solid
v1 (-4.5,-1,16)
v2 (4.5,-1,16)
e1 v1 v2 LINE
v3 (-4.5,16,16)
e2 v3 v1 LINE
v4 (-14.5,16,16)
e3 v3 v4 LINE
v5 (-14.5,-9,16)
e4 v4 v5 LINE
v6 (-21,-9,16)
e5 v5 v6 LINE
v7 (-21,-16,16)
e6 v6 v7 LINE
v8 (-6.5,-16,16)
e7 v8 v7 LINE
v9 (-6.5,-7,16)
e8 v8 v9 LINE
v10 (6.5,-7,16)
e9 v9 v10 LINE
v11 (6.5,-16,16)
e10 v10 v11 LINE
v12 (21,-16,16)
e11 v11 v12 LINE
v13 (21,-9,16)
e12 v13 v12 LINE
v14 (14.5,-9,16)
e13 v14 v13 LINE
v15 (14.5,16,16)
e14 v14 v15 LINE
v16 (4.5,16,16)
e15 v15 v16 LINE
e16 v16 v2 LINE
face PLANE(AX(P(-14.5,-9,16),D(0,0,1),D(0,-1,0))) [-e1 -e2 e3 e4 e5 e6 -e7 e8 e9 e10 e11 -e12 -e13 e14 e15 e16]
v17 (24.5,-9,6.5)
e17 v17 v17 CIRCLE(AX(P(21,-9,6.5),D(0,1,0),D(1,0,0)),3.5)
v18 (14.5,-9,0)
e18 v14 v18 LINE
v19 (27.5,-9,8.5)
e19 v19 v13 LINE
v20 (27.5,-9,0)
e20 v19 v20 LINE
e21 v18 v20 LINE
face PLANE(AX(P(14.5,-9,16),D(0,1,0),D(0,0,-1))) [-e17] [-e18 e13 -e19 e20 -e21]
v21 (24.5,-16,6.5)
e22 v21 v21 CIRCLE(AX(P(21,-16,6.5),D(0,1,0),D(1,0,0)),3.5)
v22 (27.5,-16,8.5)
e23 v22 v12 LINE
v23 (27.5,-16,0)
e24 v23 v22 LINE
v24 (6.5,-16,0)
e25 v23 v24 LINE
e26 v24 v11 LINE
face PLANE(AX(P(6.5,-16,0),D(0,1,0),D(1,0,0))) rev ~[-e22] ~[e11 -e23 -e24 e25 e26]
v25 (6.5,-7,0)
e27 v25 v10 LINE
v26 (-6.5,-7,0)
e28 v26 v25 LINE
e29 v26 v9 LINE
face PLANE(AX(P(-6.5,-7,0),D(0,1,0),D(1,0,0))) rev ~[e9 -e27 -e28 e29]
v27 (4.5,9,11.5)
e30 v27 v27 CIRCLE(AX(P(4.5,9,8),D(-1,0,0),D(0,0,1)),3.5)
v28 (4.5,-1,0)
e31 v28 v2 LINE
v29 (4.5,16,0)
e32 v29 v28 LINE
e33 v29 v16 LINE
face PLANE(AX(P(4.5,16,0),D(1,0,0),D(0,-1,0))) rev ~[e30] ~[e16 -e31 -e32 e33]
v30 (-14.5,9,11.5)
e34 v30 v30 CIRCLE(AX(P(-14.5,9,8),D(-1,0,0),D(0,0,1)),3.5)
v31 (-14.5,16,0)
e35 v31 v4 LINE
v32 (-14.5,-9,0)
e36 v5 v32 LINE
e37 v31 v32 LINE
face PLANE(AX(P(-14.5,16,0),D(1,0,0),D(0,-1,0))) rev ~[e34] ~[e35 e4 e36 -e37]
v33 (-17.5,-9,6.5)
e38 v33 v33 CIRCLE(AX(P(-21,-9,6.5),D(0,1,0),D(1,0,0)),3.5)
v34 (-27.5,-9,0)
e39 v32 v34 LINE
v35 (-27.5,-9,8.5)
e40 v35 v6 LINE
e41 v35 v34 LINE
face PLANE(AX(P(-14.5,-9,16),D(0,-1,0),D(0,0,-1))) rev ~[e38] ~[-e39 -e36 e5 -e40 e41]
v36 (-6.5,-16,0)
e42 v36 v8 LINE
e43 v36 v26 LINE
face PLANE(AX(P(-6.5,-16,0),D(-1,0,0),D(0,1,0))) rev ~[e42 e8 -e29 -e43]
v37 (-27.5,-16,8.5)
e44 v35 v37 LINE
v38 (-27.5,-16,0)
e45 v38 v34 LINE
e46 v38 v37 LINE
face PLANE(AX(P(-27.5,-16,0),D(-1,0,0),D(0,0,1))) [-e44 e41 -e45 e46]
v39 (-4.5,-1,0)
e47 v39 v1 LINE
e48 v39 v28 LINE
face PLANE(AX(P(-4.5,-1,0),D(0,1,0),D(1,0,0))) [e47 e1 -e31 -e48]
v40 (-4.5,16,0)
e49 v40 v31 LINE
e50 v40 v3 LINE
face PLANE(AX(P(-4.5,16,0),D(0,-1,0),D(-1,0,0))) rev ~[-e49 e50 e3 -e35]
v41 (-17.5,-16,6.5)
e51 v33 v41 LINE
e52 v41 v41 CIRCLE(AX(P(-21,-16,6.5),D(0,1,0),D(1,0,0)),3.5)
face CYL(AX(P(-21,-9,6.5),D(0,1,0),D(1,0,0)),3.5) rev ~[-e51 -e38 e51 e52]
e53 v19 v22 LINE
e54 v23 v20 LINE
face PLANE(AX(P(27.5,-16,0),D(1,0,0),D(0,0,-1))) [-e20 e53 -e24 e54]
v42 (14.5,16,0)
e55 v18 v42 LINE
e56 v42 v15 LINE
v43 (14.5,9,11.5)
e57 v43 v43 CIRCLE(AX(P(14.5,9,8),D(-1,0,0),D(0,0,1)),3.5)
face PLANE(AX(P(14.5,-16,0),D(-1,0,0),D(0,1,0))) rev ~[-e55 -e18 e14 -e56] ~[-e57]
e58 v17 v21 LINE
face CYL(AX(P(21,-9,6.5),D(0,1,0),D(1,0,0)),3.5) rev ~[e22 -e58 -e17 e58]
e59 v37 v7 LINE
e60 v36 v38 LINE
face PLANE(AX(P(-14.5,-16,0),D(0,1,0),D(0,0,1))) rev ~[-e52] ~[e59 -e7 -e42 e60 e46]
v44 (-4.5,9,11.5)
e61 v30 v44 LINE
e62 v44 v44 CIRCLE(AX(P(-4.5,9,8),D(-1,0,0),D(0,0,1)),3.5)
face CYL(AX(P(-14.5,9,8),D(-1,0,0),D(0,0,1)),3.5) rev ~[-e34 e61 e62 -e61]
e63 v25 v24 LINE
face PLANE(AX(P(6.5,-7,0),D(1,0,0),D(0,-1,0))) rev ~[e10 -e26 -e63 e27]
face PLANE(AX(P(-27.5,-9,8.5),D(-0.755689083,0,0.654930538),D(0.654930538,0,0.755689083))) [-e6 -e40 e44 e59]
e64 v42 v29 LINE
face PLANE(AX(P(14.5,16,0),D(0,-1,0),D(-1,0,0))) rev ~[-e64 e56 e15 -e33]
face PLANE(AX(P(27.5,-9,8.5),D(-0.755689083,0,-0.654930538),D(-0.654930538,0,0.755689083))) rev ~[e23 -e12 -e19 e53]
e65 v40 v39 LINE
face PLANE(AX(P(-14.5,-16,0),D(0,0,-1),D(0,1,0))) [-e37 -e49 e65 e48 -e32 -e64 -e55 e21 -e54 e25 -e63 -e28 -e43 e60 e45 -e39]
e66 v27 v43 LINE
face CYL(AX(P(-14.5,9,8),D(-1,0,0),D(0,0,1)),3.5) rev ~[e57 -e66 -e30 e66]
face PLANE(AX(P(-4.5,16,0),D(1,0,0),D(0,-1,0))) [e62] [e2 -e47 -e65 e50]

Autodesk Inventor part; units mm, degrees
ref_plane "YZ Plane" through (0, 0, 0) normal (1, 0, 0) x (0, 1, 0)
ref_plane "XZ Plane" through (0, 0, 0) normal (0, 1, 0) x (-1, 0, 0)
ref_plane "XY Plane" through (0, 0, 0) normal (0, 0, 1) x (1, 0, 0)
sketch "Sketch1" plane through (0, 0, 0) normal (0, 0, 1) x (1, 0, 0)
  line L0 (-14.5, -16) -> (14.5, -16)
  line L1 (14.5, -16) -> (14.5, 16)
  line L2 (14.5, 16) -> (-14.5, 16)
  line L3 (-14.5, 16) -> (-14.5, -16)
  line L4 (-14.5, -16) -> (14.5, 16) construction
  line L5 (14.5, -16) -> (-14.5, 16) construction
  line L6 (-6.5, -16) -> (-6.5, -7)
  line L7 (6.5, -7) -> (6.5, -16)
  line L8 (-6.5, -7) -> (6.5, -7)
  line L9 (-4.5, -1) -> (4.5, -1)
  line L10 (-4.5, 16) -> (-4.5, -1)
  line L11 (4.5, 16) -> (4.5, -1)
  point P0 (0, 0)
  dimension "d0" = 29
  dimension "d1" = 32
  dimension "d8" = 9
  dimension "d9" = 8
  dimension "d10" = 8
  dimension "d11" = 9
  dimension "d12" = 17
extrude "Extrusion1" add sketch "Sketch1" along normal blind 16 contours L3 L2 L10 L9 L11 L1 L0 L7 L8 L6
sketch "Sketch2" plane through (14.5, -16, 0) normal (1, 0, 0) x (0, 0, -1)
  line L0 (-16, 32) -> (-16, 0) projected
  line L1 (-16, 7) -> (0, 7)
  line L2 (0, 0) -> (-16, 0) projected
  line L3 (-16, 9) -> (-16, 0) projected
  line L4 (-16, 7) -> (-16, 0)
  line L5 (0, 0) -> (-16, 0) projected
  line L6 (-16, 0) -> (0, 0)
  line L7 (0, 0) -> (0, 7)
  line L8 (0, 0) -> (0, 9) projected
  point P0 (0, 16)
  dimension "d15" = 7
extrude "Extrusion2" add sketch "Sketch2" along normal blind 13
sketch "Sketch3" plane through (-14.5, -16, 0) normal (-1, 0, 0) x (0, 0, 1)
  line L0 (0, 0) -> (16, 0) projected
  line L1 (0, 0) -> (0, 7) projected
  line L2 (0, 0) -> (0, 7)
  line L3 (16, 7) -> (0, 7) projected
  line L4 (0, 7) -> (16, 7)
  line L5 (16, 7) -> (16, 0)
  line L6 (16, 0) -> (0, 0)
  point P0 (0, 16)
  dimension "d18" = 7
extrude "Extrusion3" add sketch "Sketch3" along normal blind 13
sketch "Sketch4" plane through (-14.5, 16, 0) normal (-1, 0, 0) x (0, 0, 1)
  circle A0 centre (8, -7) radius 3.5
  line L0 (0, 0) -> (16, 0) projected
  line L1 (16, 0) -> (16, -25) projected
  line L2 (0, 0) -> (0, -25) projected
  point P0 (0, -16)
  dimension "d21" = 7
  dimension "d22" = 7
  dimension "d23" = 16
  dimension "d24" = 8
extrude "Extrusion4" cut sketch "Sketch4" against normal through all
sketch "Sketch5" plane through (14.5, -9, 16) normal (0, 1, 0) x (1, 0, 0)
  line L0 (0, 0) -> (0, 16) projected
  line L1 (0, 0) -> (13, 0) projected
  line L2 (13, 16) -> (13, 0) projected
  line L3 (0, 16) -> (13, 16) projected
  line L4 (13, 16) -> (13, 6)
  line L5 (13, 0) -> (5.5, 0)
  line L6 (0, 0) -> (13, 0) projected
  line L7 (13, 16) -> (13, 0) projected
  line L8 (13, 0) -> (13, 6)
  circle A0 centre (6.5, 9.5) radius 3.5
  point P0 (-14.5, 16)
  dimension "d28" = 10
  dimension "d29" = 7.5
  dimension "d36" = 7
extrude "Extrusion5" cut sketch "Sketch5" against normal through all contours A0
sketch "Sketch6" plane through (14.5, -9, 16) normal (0, 1, 0) x (1, 0, 0)
  line L0 (-8, 0) -> (13, 0) projected
  line L1 (13, 0) -> (6.5, 0)
  line L2 (13, 0) -> (13, 7.5)
  line L3 (13, 0) -> (13, 16) projected
  line L4 (13, 7.5) -> (6.5, 0)
  point P0 (-14.5, 16)
  dimension "d39" = 6.5
  dimension "d40" = 7.5
extrude "Extrusion6" cut sketch "Sketch6" against normal through all
sketch "Sketch7" plane through (-14.5, -9, 16) normal (0, 1, 0) x (1, 0, 0)
  line L0 (8, 16) -> (-13, 16) projected
  line L1 (-13, 16) -> (-13, 0) projected
  circle A0 centre (-6.5, 9.5) radius 3.5
  line L2 (-13, 0) -> (-13, 7.5)
  line L3 (8, 0) -> (-13, 0) projected
  line L4 (-13, 0) -> (-6.5, 0)
  line L5 (-6.5, 0) -> (-13, 7.5)
  point P0 (14.5, 16)
  dimension "d44" = 7
  dimension "d46" = 7.5
  dimension "d47" = 6.5
extrude "Extrusion7" cut sketch "Sketch7" against normal through all contours A0
sketch "Sketch8" plane through (-14.5, -9, 16) normal (0, 1, 0) x (1, 0, 0)
  line L0 (8, 0) -> (-13, 0) projected
  line L1 (-13, 0) -> (-6.5, 0)
  line L2 (-6.5, 0) -> (-13, 0)
  line L3 (-13, 0) -> (-13, 7.5)
  line L4 (-13, 16) -> (-13, 0) projected
  line L5 (-13, 7.5) -> (-6.5, 0)
  point P0 (14.5, 16)
  dimension "d50" = 6.5
  dimension "d51" = 7.5
extrude "Extrusion8" cut sketch "Sketch8" against normal through all
properties part number "cad@26" material "Iron, Cast"
